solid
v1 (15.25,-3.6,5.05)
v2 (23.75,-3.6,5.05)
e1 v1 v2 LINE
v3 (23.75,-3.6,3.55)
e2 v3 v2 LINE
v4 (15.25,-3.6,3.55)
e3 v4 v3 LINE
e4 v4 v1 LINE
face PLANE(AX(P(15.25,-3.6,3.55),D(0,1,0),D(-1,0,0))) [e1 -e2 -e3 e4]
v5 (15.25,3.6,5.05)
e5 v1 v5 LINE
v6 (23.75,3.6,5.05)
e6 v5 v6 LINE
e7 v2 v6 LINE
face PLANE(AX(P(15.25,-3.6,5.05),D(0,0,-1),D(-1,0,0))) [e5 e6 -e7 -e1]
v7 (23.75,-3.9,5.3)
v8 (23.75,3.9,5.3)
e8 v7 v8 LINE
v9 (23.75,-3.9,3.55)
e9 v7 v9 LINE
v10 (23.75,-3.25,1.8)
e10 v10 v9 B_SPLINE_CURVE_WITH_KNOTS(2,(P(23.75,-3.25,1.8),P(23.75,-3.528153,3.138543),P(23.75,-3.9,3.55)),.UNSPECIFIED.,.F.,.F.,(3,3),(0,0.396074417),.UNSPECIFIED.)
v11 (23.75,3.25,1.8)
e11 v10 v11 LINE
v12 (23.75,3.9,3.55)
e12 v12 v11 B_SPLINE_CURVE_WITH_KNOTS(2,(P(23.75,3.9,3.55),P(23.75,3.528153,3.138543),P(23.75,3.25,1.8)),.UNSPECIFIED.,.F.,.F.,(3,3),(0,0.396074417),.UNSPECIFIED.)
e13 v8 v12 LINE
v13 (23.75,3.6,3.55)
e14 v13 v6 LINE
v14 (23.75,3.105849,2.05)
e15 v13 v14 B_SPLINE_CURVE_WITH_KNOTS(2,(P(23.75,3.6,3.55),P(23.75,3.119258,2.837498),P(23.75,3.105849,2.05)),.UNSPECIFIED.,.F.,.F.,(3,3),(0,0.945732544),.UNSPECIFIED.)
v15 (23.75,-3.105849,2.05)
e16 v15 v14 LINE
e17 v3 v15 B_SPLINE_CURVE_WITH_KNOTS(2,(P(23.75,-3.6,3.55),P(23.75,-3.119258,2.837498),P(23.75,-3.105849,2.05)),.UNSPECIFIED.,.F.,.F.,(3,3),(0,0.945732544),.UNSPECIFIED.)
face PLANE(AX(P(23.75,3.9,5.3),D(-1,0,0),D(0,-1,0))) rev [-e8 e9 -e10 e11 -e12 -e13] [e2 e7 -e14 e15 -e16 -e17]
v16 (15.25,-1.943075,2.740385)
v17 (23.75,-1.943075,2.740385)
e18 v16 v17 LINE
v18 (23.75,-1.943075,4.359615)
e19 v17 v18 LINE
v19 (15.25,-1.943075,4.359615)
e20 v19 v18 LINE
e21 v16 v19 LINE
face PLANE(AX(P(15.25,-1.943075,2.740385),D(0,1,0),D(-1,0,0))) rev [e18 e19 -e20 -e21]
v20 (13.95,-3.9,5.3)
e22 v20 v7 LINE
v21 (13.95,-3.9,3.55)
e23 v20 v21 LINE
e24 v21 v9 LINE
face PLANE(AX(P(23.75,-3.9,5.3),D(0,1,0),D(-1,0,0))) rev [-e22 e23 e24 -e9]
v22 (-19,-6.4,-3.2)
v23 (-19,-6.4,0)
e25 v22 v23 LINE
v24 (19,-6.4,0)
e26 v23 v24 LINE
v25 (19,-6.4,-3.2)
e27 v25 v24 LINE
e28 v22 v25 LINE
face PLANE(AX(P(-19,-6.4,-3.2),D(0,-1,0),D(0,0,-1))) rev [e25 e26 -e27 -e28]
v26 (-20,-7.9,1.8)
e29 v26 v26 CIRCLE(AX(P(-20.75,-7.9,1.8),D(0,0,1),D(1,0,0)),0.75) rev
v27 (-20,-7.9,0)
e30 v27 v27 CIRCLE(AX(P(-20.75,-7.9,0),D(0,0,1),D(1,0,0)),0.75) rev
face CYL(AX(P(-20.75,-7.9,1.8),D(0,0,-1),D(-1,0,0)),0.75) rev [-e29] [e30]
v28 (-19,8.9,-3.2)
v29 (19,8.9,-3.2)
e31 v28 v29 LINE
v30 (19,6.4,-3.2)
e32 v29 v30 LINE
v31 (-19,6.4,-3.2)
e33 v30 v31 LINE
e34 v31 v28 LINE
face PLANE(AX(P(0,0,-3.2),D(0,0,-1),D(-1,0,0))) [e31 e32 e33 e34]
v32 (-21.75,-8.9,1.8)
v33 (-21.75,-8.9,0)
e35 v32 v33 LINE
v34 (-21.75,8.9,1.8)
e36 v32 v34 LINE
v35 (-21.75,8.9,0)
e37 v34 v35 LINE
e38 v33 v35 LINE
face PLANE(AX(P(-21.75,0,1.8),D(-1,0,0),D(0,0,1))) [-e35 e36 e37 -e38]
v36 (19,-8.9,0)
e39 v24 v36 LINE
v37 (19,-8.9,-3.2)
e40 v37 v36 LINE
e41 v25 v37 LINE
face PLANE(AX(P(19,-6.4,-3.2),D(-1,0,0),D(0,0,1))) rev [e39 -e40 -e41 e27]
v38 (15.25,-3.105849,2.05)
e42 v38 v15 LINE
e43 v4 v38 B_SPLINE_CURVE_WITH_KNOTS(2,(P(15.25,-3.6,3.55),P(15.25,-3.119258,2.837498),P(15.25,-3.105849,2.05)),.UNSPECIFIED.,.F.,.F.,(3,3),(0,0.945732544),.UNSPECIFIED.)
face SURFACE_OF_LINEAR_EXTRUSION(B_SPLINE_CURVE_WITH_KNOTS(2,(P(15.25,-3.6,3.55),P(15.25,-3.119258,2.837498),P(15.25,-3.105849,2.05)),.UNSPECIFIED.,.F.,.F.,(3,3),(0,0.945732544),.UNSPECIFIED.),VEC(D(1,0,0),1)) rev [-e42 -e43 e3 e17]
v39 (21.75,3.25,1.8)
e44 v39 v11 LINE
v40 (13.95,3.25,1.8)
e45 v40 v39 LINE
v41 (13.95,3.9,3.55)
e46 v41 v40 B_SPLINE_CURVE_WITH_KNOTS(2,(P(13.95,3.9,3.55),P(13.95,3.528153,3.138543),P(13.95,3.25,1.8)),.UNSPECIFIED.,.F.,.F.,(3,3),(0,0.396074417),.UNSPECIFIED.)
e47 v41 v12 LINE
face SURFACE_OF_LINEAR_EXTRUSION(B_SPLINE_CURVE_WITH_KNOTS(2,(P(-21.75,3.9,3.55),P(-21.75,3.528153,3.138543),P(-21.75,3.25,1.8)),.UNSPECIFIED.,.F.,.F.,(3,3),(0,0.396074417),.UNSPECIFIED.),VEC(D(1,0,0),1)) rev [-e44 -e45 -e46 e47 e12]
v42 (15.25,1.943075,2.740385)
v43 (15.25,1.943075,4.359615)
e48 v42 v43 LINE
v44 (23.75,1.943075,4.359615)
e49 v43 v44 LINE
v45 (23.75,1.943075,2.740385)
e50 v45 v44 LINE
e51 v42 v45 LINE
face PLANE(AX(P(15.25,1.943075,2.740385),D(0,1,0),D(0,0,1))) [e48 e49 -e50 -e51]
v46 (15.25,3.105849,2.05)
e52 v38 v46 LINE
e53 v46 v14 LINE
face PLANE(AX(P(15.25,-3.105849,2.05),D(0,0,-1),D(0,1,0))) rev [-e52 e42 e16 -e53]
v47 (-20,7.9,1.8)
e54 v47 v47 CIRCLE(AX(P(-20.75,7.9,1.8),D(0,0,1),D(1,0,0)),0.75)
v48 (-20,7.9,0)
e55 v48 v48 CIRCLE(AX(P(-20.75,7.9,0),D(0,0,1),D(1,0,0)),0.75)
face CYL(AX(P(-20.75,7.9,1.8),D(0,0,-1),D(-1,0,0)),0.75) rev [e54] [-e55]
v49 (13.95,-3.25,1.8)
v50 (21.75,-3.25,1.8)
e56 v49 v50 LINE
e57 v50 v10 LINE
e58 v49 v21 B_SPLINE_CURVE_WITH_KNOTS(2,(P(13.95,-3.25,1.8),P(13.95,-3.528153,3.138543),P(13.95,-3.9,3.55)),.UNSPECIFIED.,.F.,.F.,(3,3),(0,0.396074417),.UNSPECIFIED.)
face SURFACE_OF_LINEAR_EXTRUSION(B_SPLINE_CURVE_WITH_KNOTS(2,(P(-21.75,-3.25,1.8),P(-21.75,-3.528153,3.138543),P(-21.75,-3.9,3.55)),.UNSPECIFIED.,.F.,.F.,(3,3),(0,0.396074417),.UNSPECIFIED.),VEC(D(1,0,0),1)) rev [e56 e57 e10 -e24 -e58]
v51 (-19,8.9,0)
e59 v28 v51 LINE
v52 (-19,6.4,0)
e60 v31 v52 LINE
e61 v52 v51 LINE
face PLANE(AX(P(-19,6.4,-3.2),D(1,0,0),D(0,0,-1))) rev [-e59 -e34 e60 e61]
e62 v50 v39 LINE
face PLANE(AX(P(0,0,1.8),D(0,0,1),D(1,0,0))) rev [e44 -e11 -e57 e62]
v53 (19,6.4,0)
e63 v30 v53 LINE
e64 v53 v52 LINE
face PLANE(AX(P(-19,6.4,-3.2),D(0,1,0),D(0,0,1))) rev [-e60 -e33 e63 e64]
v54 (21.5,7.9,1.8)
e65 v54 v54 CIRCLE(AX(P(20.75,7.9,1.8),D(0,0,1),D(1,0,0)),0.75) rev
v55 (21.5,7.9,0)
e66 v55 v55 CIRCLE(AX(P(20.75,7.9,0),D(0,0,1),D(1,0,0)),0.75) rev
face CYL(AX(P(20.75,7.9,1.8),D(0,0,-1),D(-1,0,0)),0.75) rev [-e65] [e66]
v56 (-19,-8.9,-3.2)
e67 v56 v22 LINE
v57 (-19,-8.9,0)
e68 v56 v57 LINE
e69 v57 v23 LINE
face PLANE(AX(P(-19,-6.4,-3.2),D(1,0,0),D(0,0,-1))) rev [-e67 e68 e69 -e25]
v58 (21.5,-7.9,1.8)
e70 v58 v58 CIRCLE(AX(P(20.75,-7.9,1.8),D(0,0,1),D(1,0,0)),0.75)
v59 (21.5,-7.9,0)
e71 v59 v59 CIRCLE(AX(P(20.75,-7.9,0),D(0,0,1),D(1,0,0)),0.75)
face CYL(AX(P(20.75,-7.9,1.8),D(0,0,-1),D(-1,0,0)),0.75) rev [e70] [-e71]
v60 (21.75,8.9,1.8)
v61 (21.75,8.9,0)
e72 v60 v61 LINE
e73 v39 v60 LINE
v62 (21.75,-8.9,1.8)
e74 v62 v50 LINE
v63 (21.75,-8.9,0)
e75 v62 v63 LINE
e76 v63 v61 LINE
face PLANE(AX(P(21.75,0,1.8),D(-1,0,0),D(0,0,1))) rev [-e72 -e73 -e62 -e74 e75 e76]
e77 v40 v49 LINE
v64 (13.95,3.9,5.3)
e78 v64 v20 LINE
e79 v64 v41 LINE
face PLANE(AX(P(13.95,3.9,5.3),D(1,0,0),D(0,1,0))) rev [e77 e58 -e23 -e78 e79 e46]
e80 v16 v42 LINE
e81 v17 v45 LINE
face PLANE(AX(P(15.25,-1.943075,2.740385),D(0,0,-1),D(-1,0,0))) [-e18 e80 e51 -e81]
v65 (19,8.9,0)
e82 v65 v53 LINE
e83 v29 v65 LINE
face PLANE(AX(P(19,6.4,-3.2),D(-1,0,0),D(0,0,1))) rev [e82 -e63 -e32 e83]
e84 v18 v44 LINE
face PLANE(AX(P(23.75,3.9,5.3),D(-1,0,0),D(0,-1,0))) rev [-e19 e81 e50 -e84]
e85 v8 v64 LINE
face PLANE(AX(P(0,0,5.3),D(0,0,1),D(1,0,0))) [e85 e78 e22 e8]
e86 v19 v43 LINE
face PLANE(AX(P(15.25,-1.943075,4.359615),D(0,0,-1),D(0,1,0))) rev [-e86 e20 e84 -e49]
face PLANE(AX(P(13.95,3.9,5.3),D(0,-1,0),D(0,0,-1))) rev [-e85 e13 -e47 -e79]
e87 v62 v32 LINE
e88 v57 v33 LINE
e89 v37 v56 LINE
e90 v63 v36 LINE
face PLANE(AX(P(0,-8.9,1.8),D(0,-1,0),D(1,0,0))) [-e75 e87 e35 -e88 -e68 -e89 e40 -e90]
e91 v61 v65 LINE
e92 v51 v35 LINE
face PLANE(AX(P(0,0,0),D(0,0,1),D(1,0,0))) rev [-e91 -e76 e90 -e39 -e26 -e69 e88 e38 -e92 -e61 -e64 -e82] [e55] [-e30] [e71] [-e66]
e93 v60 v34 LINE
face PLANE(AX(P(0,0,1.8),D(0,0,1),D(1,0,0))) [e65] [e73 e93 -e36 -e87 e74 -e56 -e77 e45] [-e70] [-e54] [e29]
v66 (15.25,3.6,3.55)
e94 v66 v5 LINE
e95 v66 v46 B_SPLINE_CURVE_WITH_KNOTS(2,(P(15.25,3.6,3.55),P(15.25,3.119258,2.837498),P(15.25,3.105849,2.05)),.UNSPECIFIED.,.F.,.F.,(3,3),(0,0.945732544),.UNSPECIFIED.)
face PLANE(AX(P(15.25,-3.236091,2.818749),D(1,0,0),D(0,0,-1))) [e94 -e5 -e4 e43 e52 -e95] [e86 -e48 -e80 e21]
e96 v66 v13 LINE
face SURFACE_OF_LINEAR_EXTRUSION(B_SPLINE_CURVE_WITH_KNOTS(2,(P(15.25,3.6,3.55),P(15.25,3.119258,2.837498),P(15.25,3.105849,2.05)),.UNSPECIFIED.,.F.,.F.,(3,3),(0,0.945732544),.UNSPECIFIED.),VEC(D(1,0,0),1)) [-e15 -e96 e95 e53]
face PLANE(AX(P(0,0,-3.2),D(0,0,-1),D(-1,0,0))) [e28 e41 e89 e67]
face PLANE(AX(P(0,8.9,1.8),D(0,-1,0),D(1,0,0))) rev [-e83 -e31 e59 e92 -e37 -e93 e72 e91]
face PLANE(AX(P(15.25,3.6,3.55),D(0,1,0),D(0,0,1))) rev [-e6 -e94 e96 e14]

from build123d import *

# Parameters (mm, degrees)
SKETCH1_W           = 43.5
SKETCH1_H           = 17.8
SKETCH1_R           = 0.75
BOSS_EXTRUDE1_DEPTH = 1.8
SKETCH2_W           = 9.8
SKETCH2_H           = 7.8
BOSS_EXTRUDE2_DEPTH = 3.5
CUT_EXTRUDE1_DEPTH  = 46.5
SKETCH4_W           = 1.61922946
SKETCH4_H           = 3.886150706
CUT_EXTRUDE2_DEPTH  = 8.5
SKETCH5_W           = 38
SKETCH5_H           = 2.5
BOSS_EXTRUDE3_DEPTH = 3.2


with BuildPart() as part:
    # Sketch1 → Boss-Extrude1 (new body)
    with BuildSketch(Plane.XY):
        Rectangle(SKETCH1_W, SKETCH1_H)
        with Locations((20.75, 7.9)):
            Circle(SKETCH1_R, mode=Mode.SUBTRACT)
        with Locations((-20.75, 7.9)):
            Circle(SKETCH1_R, mode=Mode.SUBTRACT)
        with Locations((20.75, -7.9)):
            Circle(SKETCH1_R, mode=Mode.SUBTRACT)
        with Locations((-20.75, -7.9)):
            Circle(SKETCH1_R, mode=Mode.SUBTRACT)
    extrude(amount=BOSS_EXTRUDE1_DEPTH)

    # Sketch2 → Boss-Extrude2 (add)
    with BuildSketch(Plane.XY.offset(1.8)):
        with Locations((18.85, 0)):
            Rectangle(SKETCH2_W, SKETCH2_H)
    extrude(amount=BOSS_EXTRUDE2_DEPTH)

    # Sketch3 → Cut-Extrude1 (cut, through all)
    with BuildSketch(Plane(origin=(23.75, 0, 0), x_dir=(0, 0, -1), z_dir=(1, 0, 0))):
        with BuildLine():
            Line((-3.55, 3.9), (-1.8, 3.9))
            Line((-1.8, 3.9), (-1.8, 3.25))
            add(Edge.make_bspline(
                [(-1.8, 3.25), (-3.138543339, 3.528152874), (-3.55, 3.9)],
                knots=[0, 0, 0, 0.396074417, 0.396074417, 0.396074417], degree=2))
        make_face()
        with BuildLine():
            Line((-3.55, -3.9), (-1.8, -3.9))
            Line((-1.8, -3.9), (-1.8, -3.25))
            add(Edge.make_bspline(
                [(-1.8, -3.25), (-3.138543339, -3.528152874), (-3.55, -3.9)],
                knots=[0, 0, 0, 0.396074417, 0.396074417, 0.396074417], degree=2))
        make_face()
    extrude(amount=-CUT_EXTRUDE1_DEPTH, mode=Mode.SUBTRACT)

    # Sketch4 → Cut-Extrude2 (cut)
    with BuildSketch(Plane(origin=(23.75, 0, 0), x_dir=(0, 0, -1), z_dir=(1, 0, 0))):
        with BuildLine():
            Line((-3.55, -3.6), (-5.05, -3.6))
            Line((-5.05, -3.6), (-5.05, 3.6))
            Line((-5.05, 3.6), (-3.55, 3.6))
            add(Edge.make_bspline(
                [(-3.55, 3.6), (-2.837497732, 3.119257632), (-2.05, 3.105849487)],
                knots=[0, 0, 0, 0.945732544, 0.945732544, 0.945732544], degree=2))
            Line((-2.05, 3.105849487), (-2.05, -3.105849487))
            add(Edge.make_bspline(
                [(-3.55, -3.6), (-2.837497732, -3.119257632), (-2.05, -3.105849487)],
                knots=[0, 0, 0, 0.945732544, 0.945732544, 0.945732544], degree=2))
        make_face()
        with Locations((-3.55, 0)):
            Rectangle(SKETCH4_W, SKETCH4_H, mode=Mode.SUBTRACT)
    extrude(amount=-CUT_EXTRUDE2_DEPTH, mode=Mode.SUBTRACT)

    # Sketch5 → Boss-Extrude3 (add)
    with BuildSketch(Plane(origin=(0, 0, 0), x_dir=(-1, 0, 0), z_dir=(0, 0, -1))):
        with Locations((0, 7.65)):
            Rectangle(SKETCH5_W, SKETCH5_H)
        with Locations((0, -7.65)):
            Rectangle(SKETCH5_W, SKETCH5_H)
    extrude(amount=BOSS_EXTRUDE3_DEPTH)


solid = part.part
